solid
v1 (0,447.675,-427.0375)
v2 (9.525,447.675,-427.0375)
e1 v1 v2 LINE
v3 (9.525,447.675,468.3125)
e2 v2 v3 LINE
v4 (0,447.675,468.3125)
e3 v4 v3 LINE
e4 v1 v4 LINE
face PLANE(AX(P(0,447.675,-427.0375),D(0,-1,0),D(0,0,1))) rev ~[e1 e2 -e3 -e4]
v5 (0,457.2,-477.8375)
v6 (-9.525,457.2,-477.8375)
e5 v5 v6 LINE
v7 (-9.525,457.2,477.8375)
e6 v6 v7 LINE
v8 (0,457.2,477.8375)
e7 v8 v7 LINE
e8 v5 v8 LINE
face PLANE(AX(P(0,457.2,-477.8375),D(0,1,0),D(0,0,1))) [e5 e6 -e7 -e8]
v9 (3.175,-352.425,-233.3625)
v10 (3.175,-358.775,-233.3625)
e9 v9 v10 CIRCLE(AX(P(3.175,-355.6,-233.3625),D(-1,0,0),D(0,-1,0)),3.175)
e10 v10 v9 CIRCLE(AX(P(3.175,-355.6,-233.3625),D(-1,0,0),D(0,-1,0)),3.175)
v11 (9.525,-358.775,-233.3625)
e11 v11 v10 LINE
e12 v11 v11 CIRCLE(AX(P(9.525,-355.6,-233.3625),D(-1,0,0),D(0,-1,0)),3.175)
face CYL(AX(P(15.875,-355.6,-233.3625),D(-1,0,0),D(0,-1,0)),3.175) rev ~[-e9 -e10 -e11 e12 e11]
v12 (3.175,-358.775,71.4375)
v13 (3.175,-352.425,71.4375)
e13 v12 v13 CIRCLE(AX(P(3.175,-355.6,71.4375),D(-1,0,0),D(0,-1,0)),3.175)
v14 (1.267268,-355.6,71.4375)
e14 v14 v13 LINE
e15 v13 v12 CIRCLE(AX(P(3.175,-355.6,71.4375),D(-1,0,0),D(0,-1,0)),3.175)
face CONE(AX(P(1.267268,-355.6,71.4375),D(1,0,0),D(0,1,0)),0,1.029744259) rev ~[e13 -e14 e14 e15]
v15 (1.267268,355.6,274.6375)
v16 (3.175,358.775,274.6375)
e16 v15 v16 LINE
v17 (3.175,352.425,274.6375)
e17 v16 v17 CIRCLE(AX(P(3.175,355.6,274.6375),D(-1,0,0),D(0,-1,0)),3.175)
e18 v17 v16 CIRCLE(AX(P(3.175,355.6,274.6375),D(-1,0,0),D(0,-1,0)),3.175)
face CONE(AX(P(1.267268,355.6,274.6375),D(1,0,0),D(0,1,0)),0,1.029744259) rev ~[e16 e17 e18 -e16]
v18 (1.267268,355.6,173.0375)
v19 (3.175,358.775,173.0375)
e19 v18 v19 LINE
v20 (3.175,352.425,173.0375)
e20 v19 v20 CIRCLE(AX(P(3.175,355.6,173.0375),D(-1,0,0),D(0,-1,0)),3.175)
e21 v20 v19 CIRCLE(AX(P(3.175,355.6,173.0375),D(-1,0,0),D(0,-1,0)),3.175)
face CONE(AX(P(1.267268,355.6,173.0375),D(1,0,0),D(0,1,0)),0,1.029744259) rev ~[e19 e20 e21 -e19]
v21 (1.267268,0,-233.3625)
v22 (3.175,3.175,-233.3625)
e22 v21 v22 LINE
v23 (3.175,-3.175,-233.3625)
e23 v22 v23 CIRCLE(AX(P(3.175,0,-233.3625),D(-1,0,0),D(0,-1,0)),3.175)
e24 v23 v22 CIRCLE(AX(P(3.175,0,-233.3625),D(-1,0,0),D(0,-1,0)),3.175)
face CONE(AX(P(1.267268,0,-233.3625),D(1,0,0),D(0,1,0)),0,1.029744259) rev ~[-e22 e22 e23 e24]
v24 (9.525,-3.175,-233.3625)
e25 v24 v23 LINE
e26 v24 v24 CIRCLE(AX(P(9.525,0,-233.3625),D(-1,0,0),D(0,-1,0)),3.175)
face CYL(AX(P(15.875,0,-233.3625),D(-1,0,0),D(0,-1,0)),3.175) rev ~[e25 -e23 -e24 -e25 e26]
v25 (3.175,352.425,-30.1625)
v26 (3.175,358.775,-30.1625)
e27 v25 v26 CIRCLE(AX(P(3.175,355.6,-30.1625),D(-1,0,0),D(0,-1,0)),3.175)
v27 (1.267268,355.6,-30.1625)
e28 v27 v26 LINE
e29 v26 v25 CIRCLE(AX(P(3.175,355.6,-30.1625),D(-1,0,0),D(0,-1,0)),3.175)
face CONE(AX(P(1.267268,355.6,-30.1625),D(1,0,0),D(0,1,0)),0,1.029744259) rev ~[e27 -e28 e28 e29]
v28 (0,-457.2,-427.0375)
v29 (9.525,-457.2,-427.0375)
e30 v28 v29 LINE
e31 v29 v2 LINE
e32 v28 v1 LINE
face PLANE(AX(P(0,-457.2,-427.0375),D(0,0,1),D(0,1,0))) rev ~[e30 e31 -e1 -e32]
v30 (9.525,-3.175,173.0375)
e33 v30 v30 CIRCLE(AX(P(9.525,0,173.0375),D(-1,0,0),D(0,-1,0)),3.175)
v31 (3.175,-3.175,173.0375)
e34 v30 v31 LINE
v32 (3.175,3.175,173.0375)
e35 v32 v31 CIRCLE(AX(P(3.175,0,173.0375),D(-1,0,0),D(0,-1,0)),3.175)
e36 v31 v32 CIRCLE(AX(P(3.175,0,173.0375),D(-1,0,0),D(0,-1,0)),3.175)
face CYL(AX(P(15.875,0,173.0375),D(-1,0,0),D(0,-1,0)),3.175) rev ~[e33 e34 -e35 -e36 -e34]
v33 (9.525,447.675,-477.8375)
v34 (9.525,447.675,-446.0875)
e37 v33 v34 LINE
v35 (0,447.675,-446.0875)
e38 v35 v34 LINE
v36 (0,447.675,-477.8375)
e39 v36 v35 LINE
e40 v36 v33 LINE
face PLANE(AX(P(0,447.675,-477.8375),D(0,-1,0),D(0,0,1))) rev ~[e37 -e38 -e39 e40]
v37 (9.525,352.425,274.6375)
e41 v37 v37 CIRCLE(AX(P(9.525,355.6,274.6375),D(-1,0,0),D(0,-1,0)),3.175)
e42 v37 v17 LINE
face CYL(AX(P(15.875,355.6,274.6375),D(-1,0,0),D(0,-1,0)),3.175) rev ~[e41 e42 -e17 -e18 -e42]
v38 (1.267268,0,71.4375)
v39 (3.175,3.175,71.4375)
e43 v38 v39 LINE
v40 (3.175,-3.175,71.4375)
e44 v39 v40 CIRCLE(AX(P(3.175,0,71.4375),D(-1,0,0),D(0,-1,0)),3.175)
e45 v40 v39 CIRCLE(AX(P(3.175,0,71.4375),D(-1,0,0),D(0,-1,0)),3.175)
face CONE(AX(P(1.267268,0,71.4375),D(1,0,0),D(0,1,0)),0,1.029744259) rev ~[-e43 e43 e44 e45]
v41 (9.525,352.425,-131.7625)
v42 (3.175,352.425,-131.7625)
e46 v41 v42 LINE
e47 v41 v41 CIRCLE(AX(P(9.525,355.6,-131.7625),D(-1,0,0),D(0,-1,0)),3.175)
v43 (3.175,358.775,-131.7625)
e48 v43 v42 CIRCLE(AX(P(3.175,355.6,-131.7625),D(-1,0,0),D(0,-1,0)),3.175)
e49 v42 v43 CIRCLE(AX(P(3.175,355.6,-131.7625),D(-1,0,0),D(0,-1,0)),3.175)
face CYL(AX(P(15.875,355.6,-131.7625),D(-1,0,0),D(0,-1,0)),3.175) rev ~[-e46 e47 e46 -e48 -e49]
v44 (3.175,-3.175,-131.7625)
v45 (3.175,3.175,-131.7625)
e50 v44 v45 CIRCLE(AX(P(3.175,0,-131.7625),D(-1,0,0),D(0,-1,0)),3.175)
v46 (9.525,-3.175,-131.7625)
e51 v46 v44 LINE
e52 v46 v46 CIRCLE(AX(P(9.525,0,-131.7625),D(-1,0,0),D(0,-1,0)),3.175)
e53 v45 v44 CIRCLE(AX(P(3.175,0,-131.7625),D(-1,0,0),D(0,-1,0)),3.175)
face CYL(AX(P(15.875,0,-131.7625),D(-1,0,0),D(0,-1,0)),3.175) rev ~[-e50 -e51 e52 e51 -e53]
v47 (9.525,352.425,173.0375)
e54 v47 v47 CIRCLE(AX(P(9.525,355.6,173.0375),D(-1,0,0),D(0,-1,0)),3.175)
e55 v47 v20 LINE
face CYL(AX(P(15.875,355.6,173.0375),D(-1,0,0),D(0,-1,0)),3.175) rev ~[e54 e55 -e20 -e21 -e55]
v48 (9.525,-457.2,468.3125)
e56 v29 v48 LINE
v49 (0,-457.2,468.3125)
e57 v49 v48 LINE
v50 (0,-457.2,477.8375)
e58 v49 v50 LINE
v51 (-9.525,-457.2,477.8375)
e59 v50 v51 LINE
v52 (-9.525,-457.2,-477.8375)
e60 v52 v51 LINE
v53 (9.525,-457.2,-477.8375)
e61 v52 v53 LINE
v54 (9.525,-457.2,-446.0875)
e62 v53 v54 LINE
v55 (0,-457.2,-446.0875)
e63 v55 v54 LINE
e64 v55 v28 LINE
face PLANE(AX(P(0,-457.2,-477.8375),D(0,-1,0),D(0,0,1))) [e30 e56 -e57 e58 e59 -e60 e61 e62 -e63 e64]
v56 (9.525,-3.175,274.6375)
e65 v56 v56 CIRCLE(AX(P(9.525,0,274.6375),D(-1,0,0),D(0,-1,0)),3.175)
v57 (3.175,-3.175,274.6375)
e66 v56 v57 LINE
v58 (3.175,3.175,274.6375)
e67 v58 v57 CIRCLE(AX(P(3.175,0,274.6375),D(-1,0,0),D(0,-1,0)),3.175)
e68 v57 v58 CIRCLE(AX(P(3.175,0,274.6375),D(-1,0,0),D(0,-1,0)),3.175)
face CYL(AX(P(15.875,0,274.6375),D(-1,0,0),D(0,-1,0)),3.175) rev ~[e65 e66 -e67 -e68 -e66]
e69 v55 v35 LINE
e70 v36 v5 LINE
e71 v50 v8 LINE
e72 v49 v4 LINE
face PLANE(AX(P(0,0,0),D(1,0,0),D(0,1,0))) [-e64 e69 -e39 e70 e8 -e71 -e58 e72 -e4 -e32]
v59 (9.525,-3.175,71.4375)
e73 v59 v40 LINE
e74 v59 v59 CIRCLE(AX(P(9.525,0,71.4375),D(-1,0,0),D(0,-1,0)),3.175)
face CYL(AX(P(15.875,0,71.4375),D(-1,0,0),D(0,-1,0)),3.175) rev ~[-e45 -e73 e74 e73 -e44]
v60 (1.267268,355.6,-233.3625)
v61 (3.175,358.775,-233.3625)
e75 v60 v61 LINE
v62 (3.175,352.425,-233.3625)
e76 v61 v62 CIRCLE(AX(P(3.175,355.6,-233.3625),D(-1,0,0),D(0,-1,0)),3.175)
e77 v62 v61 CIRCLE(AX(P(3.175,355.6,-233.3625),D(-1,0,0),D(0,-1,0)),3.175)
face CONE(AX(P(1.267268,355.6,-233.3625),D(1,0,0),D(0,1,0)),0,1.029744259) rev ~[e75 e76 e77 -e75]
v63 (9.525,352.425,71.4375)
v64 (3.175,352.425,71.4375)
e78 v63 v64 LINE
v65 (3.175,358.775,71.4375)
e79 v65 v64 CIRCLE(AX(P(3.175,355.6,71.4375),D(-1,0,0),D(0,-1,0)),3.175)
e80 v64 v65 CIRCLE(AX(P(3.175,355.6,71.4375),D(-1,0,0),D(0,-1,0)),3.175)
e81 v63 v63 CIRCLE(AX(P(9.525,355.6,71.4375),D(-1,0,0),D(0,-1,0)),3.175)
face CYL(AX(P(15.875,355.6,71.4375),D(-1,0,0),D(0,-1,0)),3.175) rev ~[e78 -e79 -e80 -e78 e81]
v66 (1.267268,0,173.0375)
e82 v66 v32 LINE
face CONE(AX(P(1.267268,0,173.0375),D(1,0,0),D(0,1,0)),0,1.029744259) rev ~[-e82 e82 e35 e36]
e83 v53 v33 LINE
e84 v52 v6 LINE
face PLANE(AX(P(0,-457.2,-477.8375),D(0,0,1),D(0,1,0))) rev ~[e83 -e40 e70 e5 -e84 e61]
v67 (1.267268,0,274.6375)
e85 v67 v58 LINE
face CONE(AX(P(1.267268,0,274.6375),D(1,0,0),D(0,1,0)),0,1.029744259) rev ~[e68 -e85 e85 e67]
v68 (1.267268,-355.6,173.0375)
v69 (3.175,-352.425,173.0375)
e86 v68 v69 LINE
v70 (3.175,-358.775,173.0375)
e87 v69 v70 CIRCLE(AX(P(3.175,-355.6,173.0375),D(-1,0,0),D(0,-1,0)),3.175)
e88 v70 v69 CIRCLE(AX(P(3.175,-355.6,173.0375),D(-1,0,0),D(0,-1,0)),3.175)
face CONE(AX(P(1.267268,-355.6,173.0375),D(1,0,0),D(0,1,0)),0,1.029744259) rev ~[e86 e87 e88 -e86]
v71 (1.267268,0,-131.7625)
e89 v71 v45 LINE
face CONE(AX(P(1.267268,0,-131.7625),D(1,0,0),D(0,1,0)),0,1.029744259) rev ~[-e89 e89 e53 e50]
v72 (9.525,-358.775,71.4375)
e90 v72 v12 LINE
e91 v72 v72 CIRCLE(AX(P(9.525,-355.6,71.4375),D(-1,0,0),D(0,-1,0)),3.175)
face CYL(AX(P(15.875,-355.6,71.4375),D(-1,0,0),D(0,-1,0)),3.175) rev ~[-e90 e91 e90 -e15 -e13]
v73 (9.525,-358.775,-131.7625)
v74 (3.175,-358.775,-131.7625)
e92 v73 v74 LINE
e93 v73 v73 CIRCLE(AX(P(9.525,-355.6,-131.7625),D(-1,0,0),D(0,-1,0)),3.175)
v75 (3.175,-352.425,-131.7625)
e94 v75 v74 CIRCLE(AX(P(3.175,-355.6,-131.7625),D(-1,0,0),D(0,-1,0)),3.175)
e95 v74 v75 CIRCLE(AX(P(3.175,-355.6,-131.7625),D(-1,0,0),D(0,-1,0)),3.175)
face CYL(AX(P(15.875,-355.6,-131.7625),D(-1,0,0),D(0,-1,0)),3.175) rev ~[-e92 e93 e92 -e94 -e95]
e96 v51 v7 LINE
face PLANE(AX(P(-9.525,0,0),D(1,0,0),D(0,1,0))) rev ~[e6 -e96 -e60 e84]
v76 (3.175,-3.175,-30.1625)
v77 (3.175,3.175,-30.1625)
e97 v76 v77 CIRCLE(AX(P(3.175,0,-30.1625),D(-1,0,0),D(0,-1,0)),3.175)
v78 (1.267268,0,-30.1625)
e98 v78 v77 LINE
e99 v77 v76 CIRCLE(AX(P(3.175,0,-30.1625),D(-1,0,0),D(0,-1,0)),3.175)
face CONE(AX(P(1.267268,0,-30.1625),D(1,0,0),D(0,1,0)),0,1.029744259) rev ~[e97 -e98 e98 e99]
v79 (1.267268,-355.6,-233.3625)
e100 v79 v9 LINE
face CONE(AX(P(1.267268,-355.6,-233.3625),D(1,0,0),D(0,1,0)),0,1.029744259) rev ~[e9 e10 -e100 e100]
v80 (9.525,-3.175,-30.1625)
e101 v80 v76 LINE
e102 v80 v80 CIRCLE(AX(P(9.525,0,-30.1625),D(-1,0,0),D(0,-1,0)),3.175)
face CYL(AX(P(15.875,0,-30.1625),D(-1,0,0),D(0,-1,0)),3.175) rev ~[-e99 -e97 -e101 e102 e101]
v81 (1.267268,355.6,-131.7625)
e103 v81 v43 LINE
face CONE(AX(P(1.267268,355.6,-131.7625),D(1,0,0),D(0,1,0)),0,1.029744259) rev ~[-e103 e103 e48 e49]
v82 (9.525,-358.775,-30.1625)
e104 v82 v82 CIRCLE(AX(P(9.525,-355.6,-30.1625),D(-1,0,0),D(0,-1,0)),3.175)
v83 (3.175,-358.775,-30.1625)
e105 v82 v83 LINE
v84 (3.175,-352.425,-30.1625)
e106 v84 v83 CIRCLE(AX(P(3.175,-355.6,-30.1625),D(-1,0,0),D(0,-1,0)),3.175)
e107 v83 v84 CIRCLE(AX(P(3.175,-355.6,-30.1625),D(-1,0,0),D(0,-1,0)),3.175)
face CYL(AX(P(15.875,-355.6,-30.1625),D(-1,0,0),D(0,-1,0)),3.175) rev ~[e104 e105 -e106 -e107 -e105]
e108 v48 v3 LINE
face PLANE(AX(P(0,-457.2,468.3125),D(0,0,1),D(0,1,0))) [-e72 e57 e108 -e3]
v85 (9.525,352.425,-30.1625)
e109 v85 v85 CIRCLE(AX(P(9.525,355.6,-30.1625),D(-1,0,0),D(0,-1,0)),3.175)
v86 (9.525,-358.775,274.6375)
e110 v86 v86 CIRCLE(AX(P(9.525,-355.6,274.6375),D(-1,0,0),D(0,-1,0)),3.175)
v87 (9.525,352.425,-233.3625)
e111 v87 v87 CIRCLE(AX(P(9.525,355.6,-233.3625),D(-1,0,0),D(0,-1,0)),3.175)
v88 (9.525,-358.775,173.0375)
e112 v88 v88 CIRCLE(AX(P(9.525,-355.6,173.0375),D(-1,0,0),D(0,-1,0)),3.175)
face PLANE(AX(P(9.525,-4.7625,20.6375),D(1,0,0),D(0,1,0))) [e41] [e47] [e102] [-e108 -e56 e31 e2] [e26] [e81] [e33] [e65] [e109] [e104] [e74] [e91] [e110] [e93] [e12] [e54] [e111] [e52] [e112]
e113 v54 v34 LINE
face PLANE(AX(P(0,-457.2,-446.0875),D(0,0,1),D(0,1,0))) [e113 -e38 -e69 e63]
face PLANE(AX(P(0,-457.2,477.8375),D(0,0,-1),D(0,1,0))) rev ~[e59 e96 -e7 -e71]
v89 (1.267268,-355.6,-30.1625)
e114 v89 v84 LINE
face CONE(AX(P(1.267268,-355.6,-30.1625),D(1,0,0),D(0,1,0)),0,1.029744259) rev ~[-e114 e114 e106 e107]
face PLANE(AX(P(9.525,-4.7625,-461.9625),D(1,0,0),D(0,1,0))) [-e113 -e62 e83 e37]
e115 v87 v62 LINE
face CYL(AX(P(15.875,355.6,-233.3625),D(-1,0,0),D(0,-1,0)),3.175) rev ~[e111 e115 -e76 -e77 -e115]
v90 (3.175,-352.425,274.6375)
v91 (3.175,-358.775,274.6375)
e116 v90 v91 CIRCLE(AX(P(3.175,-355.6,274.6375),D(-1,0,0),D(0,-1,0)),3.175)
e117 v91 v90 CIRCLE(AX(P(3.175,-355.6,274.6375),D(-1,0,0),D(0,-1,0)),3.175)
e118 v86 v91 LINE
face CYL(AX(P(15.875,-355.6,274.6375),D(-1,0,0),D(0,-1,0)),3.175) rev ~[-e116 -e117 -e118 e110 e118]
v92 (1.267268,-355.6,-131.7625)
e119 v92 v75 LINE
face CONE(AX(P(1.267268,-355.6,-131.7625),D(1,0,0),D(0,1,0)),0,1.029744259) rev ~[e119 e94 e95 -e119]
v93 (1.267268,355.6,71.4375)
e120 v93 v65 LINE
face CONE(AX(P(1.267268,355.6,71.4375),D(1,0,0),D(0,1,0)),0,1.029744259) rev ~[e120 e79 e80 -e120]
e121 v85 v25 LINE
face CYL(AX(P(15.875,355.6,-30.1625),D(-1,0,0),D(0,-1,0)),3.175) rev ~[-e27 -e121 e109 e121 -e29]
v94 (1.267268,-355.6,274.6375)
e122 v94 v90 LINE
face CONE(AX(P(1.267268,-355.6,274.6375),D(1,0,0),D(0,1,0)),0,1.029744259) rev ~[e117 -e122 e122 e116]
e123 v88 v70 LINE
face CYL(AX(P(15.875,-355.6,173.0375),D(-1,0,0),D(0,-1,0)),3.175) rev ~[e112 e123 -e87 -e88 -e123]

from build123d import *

# Parameters (mm, degrees)
F0_W     = 914.4
F0_H     = 955.675
F2_DEPTH = 9.525
F1_W     = 904.875
F1_H     = 895.35
F1_H_2   = 31.75
F3_DEPTH = 9.525
F5_D     = 6.35
F5_DEPTH = 6.35
F5_TIP   = 1.9077324654


with BuildPart() as f2:
    # F0 (on Right) → F2 (new body)
    with BuildSketch(Plane.YZ):
        Rectangle(F0_W, F0_H)
    extrude(amount=-F2_DEPTH)

    # F1 (on face) → F3 (join)
    with BuildSketch(Plane.YZ):
        with Locations((-4.7625, 20.6375)):
            Rectangle(F1_W, F1_H)
        with Locations((-4.7625, -461.9625)):
            Rectangle(F1_W, F1_H_2)
    extrude(amount=F3_DEPTH)

    # F5
    with Locations(Plane.YZ.offset(9.525)):
        with Locations((-355.6, 274.6375), (0, -30.1625), (-355.6, 173.0375), (0, 173.0375), (355.6, 173.0375), (-355.6, 71.4375), (355.6, -30.1625), (0, 274.6375), (0, -131.7625), (0, 71.4375), (-355.6, -131.7625), (355.6, 274.6375), (355.6, -233.3625), (-355.6, -233.3625), (355.6, -131.7625), (0, -233.3625), (-355.6, -30.1625), (355.6, 71.4375)):
            Hole(F5_D / 2, depth=F5_DEPTH)
            with Locations((0, 0, -(F5_DEPTH + F5_TIP / 2))):  # 118° drill point
                Cone(0, F5_D / 2, F5_TIP, mode=Mode.SUBTRACT)


solid = f2.part
